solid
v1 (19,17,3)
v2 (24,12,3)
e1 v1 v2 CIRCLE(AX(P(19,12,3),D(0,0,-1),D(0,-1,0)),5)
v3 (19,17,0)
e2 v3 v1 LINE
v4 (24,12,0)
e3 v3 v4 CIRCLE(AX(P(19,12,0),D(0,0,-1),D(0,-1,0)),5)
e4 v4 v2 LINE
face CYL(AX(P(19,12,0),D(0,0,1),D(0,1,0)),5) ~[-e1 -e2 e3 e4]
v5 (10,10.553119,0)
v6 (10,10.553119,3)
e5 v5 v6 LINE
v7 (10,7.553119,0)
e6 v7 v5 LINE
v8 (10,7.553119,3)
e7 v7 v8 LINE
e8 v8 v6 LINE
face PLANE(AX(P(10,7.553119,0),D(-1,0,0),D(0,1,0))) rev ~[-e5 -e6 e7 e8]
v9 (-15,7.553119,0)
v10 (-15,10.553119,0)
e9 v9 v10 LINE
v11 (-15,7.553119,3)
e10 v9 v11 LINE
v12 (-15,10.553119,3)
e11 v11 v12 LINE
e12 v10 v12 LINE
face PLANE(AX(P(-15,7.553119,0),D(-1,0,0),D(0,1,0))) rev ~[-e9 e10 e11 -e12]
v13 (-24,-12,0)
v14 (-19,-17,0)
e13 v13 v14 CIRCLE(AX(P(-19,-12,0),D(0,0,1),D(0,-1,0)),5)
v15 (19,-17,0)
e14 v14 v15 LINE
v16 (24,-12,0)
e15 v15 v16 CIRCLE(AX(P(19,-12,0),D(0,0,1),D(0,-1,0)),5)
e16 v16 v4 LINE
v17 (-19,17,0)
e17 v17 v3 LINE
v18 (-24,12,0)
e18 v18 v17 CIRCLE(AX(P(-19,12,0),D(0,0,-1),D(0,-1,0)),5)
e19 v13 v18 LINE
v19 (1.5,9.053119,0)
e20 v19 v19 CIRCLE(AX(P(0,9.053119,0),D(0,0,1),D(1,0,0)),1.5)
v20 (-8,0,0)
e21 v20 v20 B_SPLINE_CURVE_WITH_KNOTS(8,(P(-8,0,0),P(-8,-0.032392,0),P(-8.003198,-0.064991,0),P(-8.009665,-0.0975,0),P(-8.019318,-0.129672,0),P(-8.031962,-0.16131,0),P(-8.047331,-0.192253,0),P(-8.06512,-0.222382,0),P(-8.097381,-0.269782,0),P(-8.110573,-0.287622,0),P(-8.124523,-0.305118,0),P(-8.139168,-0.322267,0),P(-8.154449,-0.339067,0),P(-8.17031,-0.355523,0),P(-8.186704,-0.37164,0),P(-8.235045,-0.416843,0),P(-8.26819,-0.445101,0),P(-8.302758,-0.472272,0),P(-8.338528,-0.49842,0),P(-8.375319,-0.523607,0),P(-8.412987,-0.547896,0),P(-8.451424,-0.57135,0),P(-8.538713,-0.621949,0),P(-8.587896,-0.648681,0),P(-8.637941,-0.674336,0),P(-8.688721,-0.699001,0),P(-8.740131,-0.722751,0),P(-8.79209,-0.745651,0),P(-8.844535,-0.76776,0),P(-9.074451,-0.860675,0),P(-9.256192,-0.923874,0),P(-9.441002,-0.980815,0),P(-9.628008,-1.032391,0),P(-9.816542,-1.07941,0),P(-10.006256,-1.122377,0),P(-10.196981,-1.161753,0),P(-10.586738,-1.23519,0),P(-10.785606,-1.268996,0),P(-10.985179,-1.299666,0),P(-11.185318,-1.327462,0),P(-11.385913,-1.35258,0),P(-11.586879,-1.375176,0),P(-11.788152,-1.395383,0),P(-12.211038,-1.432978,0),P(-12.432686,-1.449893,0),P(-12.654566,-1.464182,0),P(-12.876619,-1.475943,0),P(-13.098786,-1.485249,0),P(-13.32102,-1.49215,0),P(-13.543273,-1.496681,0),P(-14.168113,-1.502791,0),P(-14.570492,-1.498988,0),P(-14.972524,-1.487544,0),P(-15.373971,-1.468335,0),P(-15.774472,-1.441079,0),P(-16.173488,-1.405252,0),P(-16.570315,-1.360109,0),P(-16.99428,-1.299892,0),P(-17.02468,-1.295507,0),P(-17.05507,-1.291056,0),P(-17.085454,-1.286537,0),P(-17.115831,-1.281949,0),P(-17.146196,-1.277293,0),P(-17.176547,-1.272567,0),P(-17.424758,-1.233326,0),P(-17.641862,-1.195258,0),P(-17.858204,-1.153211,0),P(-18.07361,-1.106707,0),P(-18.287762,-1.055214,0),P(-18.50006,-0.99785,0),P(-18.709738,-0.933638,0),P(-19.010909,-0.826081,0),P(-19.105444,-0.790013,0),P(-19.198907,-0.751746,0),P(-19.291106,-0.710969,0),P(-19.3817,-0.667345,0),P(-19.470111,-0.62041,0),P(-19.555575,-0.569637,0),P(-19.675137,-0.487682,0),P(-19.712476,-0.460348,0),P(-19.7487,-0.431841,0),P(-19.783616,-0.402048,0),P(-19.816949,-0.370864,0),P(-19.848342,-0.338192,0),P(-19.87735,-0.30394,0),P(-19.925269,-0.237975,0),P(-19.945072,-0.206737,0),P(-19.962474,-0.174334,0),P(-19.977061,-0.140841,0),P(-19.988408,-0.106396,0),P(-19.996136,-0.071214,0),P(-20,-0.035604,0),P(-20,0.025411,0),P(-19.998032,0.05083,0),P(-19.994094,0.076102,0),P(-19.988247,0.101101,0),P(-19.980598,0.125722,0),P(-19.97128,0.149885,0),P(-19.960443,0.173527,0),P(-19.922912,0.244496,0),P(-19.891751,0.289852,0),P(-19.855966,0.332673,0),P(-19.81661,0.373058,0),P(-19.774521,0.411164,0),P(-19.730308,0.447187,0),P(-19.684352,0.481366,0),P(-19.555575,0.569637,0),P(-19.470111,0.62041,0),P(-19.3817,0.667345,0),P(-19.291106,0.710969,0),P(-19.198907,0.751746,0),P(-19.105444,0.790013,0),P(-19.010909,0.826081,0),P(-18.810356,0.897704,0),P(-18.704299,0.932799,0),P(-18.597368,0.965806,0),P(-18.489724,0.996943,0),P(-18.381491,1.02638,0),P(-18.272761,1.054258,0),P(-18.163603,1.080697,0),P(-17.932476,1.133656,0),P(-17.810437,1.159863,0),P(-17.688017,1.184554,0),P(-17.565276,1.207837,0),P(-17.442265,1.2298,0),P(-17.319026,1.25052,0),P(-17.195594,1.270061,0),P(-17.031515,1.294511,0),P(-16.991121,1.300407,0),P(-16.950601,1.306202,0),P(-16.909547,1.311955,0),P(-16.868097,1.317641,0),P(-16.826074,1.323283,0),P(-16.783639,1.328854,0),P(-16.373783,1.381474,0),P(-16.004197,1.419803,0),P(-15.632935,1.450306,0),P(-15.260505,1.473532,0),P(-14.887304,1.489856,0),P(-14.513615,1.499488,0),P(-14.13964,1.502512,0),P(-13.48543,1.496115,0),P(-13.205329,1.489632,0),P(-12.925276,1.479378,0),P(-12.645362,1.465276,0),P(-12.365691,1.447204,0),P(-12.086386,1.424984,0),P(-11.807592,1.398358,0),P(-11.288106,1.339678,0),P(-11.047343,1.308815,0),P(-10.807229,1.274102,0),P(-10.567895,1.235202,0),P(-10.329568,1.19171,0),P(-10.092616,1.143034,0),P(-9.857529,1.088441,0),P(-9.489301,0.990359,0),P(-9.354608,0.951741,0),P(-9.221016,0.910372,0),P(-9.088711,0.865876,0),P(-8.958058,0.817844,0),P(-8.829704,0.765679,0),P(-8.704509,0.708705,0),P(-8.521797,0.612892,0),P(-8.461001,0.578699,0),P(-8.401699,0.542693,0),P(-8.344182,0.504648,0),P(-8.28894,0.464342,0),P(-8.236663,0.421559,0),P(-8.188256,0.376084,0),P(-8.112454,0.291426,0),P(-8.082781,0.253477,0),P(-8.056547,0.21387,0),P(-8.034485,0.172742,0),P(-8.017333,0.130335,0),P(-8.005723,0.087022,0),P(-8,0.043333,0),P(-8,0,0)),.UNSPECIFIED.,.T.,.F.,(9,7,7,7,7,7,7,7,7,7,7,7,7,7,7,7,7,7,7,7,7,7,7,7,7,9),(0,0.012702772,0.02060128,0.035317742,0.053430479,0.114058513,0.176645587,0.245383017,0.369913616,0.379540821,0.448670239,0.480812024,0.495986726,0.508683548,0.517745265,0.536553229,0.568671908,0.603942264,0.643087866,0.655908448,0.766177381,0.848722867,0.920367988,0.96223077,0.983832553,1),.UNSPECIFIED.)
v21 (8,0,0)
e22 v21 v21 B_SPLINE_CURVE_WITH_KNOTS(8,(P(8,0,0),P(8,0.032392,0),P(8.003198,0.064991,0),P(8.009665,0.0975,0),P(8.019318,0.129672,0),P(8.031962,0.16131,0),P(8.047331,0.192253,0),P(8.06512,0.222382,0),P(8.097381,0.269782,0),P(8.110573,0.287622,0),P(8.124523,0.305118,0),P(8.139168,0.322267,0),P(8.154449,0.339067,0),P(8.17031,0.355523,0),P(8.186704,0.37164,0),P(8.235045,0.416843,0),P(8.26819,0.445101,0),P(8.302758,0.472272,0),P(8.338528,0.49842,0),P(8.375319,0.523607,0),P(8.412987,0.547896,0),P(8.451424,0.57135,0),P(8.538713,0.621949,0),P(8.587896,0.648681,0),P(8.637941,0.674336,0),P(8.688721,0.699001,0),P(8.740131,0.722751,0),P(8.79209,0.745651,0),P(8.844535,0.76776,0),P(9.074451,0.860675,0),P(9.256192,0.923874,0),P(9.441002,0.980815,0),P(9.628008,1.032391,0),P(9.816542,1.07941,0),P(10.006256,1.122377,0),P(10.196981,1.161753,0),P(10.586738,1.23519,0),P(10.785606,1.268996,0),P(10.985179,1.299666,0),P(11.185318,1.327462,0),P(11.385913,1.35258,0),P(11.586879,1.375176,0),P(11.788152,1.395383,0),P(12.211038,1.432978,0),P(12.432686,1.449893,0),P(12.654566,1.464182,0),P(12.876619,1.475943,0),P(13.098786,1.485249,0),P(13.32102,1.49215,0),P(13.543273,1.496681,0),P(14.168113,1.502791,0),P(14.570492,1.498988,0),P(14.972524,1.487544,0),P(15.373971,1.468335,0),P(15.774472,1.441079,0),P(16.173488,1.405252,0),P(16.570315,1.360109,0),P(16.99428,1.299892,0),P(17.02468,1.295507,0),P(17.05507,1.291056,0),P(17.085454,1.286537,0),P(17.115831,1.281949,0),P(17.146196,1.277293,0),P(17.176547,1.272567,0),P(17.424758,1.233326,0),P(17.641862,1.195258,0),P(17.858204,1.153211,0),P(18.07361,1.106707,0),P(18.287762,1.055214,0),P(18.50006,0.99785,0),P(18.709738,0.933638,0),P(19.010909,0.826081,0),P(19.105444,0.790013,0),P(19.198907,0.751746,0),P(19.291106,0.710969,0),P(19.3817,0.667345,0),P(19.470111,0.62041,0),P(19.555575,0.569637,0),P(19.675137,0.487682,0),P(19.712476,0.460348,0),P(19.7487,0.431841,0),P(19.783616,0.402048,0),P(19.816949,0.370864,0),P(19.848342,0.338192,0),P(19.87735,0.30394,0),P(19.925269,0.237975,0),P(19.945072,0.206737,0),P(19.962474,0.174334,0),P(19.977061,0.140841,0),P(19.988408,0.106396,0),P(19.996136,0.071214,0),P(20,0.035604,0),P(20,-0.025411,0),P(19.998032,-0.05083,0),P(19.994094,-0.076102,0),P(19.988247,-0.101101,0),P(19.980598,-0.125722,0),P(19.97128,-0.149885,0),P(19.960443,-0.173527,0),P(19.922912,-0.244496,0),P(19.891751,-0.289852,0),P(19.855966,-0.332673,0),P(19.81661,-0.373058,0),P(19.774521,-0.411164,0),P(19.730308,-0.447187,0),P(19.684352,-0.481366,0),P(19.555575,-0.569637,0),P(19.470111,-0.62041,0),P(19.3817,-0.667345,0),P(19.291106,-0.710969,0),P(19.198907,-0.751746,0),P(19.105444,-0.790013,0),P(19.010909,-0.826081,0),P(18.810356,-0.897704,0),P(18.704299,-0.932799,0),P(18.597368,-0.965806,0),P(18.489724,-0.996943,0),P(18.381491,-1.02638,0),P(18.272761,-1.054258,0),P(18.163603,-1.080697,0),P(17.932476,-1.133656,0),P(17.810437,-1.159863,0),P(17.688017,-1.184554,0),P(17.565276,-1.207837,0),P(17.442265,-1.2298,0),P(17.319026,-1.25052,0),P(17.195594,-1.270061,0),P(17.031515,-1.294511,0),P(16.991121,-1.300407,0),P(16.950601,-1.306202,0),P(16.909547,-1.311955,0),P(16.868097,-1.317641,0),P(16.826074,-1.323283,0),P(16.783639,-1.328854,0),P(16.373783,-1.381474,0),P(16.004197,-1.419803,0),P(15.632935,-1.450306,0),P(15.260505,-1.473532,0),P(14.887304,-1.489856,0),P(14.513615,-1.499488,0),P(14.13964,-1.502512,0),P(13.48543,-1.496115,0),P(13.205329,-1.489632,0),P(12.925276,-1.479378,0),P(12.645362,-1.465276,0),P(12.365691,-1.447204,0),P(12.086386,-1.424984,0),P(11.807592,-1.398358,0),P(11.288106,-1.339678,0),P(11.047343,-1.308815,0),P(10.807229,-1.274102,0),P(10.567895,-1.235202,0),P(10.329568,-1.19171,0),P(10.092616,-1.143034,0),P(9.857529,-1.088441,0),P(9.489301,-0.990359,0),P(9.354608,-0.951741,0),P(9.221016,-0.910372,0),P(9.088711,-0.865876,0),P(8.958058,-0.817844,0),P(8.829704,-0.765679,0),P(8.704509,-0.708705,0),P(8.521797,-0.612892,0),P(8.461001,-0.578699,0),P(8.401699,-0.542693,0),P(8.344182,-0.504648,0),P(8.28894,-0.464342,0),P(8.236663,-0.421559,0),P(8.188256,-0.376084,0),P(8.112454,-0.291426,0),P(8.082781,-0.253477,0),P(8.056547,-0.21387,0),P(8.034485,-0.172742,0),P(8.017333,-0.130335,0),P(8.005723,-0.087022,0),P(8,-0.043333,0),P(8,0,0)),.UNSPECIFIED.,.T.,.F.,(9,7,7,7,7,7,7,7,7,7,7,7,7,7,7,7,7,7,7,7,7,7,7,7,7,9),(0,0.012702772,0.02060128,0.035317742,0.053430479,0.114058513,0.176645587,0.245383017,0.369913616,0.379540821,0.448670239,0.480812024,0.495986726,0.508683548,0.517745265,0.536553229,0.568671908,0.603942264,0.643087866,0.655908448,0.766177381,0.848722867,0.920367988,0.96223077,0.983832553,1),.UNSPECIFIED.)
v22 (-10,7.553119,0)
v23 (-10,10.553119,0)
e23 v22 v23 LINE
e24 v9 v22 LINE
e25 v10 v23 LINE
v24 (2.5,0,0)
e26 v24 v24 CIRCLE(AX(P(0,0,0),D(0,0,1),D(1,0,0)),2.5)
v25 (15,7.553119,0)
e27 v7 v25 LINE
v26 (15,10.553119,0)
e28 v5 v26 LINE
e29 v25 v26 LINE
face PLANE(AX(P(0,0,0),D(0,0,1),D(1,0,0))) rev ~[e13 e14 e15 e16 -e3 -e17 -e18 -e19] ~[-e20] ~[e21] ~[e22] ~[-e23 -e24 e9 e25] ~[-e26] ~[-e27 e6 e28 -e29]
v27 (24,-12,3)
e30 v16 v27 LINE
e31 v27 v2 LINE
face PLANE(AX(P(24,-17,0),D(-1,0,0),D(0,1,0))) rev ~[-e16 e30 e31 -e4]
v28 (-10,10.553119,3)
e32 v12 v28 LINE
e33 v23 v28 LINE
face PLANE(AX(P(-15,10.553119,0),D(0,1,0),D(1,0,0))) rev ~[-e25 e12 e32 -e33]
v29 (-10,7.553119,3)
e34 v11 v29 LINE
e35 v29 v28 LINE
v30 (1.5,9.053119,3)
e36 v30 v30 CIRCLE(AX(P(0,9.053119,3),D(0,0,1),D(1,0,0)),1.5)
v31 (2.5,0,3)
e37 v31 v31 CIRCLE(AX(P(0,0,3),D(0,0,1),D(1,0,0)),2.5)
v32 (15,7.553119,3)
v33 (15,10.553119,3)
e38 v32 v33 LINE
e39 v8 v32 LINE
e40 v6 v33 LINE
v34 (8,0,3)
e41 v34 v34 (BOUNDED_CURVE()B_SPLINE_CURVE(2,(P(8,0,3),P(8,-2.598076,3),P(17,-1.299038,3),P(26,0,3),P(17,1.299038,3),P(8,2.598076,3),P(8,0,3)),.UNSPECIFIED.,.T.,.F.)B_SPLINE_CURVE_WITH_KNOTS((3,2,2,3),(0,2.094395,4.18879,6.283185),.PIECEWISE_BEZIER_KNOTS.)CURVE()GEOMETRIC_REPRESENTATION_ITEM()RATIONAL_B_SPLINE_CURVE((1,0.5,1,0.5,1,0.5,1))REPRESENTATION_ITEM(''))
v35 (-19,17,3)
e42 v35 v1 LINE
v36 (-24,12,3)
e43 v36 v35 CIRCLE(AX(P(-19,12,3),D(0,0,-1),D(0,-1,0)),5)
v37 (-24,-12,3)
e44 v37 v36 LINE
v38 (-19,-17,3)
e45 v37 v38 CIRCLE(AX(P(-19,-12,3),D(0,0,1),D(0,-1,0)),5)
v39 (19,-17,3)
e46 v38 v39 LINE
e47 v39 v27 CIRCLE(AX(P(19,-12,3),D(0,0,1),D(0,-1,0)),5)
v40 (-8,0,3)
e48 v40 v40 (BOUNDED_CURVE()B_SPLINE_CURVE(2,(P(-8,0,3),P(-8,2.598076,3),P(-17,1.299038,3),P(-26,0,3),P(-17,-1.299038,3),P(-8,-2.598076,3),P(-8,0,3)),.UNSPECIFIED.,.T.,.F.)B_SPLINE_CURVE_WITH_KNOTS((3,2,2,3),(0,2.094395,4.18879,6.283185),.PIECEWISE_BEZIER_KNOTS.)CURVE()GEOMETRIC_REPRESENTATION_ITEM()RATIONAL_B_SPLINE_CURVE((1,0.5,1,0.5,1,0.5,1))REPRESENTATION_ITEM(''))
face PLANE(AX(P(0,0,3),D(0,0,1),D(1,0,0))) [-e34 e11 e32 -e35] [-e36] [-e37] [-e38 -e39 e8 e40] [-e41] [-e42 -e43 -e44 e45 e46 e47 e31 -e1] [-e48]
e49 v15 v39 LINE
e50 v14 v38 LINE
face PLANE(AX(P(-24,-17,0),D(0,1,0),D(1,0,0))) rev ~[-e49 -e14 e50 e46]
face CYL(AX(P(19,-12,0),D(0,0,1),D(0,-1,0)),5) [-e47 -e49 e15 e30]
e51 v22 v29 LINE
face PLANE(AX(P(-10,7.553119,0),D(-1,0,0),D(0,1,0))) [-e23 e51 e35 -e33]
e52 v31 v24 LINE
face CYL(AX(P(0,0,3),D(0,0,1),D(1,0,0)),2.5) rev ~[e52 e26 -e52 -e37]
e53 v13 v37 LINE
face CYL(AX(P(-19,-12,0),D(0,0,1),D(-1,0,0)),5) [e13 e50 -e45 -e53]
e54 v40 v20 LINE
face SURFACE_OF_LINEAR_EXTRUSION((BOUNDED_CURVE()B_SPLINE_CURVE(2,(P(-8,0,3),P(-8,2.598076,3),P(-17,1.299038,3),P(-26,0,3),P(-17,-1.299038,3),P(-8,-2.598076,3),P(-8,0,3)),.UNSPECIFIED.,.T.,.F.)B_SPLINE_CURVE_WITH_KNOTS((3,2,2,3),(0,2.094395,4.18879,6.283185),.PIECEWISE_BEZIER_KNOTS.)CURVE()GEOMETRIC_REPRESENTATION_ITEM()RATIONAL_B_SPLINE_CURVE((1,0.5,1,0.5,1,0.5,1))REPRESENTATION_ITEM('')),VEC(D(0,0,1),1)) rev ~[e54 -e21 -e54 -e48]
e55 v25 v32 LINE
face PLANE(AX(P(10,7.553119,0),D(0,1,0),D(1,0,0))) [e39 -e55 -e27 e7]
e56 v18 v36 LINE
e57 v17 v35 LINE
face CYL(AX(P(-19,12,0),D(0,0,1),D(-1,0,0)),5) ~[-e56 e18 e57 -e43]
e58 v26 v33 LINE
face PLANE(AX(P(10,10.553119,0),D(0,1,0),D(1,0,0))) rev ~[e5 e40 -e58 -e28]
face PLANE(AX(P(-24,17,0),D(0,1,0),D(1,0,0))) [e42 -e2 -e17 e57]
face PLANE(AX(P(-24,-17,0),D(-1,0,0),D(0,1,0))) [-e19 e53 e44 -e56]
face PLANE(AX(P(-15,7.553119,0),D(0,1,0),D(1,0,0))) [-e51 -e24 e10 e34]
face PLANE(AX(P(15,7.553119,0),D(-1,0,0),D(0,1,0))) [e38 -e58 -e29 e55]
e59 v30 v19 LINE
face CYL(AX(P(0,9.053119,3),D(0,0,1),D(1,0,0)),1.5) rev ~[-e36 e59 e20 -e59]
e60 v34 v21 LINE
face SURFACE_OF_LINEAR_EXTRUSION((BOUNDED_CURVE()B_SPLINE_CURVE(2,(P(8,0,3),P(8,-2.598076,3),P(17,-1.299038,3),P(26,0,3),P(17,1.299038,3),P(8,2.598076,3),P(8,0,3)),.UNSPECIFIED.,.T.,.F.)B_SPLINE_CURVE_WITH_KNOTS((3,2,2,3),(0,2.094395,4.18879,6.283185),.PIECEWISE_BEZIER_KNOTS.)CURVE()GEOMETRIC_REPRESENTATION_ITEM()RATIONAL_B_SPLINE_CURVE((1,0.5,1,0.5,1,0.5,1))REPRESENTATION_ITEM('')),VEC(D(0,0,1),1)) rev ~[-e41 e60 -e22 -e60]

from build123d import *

# Parameters (mm, degrees)
F0_W     = 48
F0_H     = 34
F0_W_2   = 5
F0_H_2   = 3
F1_DEPTH = 3
F3_DEPTH = 25
F4_R     = 1.5
F5_DEPTH = 25
F6_R     = 2.5
F7_DEPTH = 25
F8_R     = 5


with BuildPart() as f1:
    # F0 (on Top) → F1 (new body)
    with BuildSketch(Plane.XY):
        Rectangle(F0_W, F0_H)
        with Locations((-12.5, 9.053119)):
            Rectangle(F0_W_2, F0_H_2, mode=Mode.SUBTRACT)
        with Locations((12.5, 9.053119)):
            Rectangle(F0_W_2, F0_H_2, mode=Mode.SUBTRACT)
    extrude(amount=F1_DEPTH)

    # F2 (on face) → F3 (cut)
    with BuildSketch(Plane.XY.offset(3)):
        with BuildLine():
            add(Edge.make_bspline(
                [(-8, 0), (-8, 2.598076), (-17, 1.299038), (-26, 0), (-17, -1.299038), (-8, -2.598076), (-8, 0)],
                knots=[0, 0, 0, 2.094395, 2.094395, 4.18879, 4.18879, 6.283185, 6.283185, 6.283185], degree=2, weights=[1, 0.5, 1, 0.5, 1, 0.5, 1]))
        make_face()
        with BuildLine():
            add(Edge.make_bspline(
                [(8, 0), (8, -2.598076), (17, -1.299038), (26, 0), (17, 1.299038), (8, 2.598076), (8, 0)],
                knots=[0, 0, 0, 2.094395, 2.094395, 4.18879, 4.18879, 6.283185, 6.283185, 6.283185], degree=2, weights=[1, 0.5, 1, 0.5, 1, 0.5, 1]))
        make_face()
    extrude(amount=-F3_DEPTH, mode=Mode.SUBTRACT)

    # F4 (on face) → F5 (cut)
    with BuildSketch(Plane.XY.offset(3)):
        with Locations((0, 9.053119)):
            Circle(F4_R)
    extrude(amount=-F5_DEPTH, mode=Mode.SUBTRACT)

    # F6 (on face) → F7 (cut)
    with BuildSketch(Plane.XY.offset(3)):
        Circle(F6_R)
    extrude(amount=-F7_DEPTH, mode=Mode.SUBTRACT)

    # F8
    f8_edges = [f1.edges().sort_by_distance(p)[0] for p in [
        (-24, 17, 1.5),
        (24, 17, 1.5),
        (24, -17, 1.5),
        (-24, -17, 1.5),
    ]]
    fillet(f8_edges, radius=F8_R)


solid = f1.part
